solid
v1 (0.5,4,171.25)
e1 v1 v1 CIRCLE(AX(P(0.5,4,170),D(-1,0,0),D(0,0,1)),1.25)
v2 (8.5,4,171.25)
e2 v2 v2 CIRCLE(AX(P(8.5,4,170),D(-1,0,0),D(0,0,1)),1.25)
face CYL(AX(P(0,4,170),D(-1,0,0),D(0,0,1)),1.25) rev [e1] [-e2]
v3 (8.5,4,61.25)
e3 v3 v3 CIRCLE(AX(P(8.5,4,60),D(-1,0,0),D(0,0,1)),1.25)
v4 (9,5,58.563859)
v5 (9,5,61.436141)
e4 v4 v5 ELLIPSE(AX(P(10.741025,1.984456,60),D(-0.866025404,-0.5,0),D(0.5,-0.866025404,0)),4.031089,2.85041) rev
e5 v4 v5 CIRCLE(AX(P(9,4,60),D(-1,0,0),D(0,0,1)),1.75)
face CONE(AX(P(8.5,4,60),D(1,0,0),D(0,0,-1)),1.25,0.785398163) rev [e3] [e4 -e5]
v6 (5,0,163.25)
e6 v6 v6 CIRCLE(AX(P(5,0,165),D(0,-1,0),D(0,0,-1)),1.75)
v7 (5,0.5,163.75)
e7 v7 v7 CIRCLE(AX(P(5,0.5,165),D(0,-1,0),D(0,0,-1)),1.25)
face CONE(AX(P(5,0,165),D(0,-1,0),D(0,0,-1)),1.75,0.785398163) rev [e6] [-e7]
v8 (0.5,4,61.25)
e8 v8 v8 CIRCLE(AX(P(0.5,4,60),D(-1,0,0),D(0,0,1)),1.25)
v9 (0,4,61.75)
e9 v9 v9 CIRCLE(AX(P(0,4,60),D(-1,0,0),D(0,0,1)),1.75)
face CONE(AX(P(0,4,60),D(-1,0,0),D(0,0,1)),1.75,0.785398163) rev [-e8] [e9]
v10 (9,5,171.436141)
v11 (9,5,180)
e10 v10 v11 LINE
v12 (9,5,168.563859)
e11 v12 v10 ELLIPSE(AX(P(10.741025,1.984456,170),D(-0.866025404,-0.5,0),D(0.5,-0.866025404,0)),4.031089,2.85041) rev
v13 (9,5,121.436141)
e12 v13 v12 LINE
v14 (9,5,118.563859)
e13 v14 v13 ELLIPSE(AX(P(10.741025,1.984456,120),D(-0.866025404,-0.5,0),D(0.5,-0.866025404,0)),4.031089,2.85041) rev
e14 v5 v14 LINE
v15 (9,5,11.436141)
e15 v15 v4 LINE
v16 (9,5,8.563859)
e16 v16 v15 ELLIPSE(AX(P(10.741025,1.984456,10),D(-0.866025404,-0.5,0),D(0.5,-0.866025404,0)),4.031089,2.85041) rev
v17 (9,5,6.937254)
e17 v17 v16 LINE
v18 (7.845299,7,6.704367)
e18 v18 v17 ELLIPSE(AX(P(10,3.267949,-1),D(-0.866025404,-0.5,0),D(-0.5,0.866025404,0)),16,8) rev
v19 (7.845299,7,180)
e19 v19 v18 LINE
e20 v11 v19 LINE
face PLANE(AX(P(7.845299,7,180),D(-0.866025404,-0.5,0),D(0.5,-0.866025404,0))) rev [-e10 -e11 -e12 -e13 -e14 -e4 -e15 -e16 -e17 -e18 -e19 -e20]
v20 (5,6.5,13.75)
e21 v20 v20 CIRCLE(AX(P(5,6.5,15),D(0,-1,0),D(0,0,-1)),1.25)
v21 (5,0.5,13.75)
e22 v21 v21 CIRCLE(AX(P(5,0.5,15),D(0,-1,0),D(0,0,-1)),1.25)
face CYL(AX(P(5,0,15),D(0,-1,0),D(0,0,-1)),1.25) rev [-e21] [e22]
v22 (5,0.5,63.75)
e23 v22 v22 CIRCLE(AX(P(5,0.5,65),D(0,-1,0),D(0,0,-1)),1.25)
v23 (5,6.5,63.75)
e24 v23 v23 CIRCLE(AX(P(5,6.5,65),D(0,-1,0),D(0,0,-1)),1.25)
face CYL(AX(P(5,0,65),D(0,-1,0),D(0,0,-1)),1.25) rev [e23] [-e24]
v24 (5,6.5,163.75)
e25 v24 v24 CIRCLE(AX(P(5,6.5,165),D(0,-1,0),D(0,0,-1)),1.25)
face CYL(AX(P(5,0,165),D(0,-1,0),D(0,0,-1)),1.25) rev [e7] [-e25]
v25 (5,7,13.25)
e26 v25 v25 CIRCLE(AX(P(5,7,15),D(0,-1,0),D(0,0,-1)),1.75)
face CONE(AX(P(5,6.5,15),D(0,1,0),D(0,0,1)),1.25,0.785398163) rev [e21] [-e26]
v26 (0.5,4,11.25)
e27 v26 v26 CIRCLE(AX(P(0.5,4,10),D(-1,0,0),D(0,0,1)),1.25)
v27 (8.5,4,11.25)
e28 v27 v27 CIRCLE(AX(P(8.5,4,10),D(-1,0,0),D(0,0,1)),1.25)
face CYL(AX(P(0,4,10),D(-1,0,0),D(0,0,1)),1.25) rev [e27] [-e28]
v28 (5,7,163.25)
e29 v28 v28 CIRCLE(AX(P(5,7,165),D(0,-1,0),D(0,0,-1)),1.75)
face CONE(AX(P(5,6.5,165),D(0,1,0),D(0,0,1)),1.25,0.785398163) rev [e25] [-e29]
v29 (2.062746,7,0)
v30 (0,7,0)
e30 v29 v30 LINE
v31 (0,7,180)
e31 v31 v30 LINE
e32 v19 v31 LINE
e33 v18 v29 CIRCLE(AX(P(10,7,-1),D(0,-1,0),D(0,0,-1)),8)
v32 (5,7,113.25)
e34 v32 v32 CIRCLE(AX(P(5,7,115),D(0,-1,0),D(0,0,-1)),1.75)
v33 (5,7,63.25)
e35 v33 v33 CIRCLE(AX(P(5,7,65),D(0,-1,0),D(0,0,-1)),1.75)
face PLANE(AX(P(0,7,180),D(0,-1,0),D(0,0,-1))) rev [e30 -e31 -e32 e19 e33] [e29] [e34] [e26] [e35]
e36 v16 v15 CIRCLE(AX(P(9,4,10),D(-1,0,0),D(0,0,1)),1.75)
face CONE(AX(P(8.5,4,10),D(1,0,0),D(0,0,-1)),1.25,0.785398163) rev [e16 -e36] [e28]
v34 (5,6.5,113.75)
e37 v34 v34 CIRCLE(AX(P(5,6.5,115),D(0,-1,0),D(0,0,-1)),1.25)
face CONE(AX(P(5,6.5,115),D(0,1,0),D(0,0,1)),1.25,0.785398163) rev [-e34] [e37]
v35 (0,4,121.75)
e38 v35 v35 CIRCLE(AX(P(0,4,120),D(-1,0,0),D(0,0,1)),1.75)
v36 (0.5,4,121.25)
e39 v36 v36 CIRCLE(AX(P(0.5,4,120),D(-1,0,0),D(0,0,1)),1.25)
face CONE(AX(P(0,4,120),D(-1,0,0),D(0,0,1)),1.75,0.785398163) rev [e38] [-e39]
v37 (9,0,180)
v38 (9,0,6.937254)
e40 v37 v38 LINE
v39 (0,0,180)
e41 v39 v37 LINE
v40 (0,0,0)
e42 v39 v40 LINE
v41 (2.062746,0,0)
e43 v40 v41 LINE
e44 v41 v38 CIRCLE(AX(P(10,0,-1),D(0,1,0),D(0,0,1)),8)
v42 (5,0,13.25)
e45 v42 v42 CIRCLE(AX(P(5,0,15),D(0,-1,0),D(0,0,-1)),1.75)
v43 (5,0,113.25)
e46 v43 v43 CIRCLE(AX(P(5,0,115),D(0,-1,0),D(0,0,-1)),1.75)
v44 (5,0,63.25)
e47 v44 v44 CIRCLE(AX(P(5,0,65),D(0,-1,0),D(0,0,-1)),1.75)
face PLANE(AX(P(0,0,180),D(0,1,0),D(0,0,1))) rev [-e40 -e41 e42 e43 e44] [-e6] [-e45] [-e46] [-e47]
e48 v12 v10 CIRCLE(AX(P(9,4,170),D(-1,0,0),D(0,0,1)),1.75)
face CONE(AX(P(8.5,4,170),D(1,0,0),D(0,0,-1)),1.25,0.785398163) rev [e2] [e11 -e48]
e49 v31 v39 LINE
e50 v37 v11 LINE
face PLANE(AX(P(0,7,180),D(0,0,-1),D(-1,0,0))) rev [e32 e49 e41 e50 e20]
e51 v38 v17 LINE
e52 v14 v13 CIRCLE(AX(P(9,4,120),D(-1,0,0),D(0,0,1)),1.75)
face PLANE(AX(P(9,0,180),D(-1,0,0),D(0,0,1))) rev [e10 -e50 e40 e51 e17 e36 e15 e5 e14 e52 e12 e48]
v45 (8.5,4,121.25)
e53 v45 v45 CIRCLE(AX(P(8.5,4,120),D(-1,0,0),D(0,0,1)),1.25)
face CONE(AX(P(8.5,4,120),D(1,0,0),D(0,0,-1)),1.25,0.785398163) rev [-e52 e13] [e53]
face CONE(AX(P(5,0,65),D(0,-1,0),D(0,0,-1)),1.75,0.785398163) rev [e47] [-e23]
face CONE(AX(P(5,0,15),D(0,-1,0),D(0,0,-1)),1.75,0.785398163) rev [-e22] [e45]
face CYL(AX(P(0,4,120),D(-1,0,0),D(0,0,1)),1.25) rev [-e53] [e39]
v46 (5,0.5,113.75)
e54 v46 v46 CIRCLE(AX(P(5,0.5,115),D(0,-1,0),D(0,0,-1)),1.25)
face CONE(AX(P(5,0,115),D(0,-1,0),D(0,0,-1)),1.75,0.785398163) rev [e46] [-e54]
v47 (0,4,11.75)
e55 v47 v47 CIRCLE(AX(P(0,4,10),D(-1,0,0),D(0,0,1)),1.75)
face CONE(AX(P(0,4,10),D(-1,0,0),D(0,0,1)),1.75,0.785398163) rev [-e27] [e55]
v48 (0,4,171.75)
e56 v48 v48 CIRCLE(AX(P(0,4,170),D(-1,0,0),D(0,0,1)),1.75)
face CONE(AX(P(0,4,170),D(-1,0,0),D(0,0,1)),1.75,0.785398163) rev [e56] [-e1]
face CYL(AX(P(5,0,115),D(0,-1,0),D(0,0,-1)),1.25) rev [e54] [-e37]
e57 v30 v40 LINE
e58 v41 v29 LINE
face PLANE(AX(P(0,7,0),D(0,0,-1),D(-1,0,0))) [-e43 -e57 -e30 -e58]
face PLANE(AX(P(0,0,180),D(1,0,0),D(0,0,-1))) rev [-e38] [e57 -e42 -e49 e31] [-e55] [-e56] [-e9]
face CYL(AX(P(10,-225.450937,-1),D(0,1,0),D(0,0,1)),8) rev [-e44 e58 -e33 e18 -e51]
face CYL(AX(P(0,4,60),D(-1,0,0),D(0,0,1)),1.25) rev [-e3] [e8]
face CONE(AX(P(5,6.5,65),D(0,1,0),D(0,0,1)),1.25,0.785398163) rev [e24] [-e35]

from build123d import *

# Parameters (mm, degrees)
SKETCH_1_W                 = 9
SKETCH_1_H                 = 7
EXTRUDE_1_DEPTH            = 180
CUT_EXTRUDE_1_DEPTH        = 1
CUT_EXTRUDE_1_DEPTH_BACK   = 8
CHAMFER_1_SIZE             = 2
CHAMFER_1_SIZE2            = 1.154700538
HOLE_WIZARD_M31_AT_2_COUNT = 2
HOLE_WIZARD_M31_AT_2_PITCH = 50
HOLE_WIZARD_M31_AT_3_COUNT = 2
HOLE_WIZARD_M31_AT_3_PITCH = 100
HOLE_WIZARD_M31_AT_4_COUNT = 2
HOLE_WIZARD_M31_AT_4_PITCH = 150
HOLE_WIZARD_M32_AT_2_COUNT = 2
HOLE_WIZARD_M32_AT_2_PITCH = 50
HOLE_WIZARD_M32_AT_3_COUNT = 2
HOLE_WIZARD_M32_AT_3_PITCH = 110
HOLE_WIZARD_M32_AT_4_COUNT = 2
HOLE_WIZARD_M32_AT_4_PITCH = 160


with BuildPart() as part:
    # Эскиз1 → Бобышка-Вытянуть1 (new body)
    with BuildSketch(Plane.XY):
        with Locations((4.5, 3.5)):
            Rectangle(SKETCH_1_W, SKETCH_1_H)
    extrude(amount=EXTRUDE_1_DEPTH)

    # Эскиз6 → Вырез-Вытянуть1 (cut, two sides)
    with BuildSketch(Plane.XZ) as cut_extrude_1_sk:
        with BuildLine():
            Line((-44.220662013, -367.363162821), (2.062746067, 0))
            ThreePointArc((2.062746067, 0), (4.343145751, 4.656854249), (9, 6.937253933))
            Line((9, 6.937253933), (376.363162821, 53.220662013))
            Line((376.363162821, 53.220662013), (900.000150172, -470.416325339))
            Line((900.000150172, -470.416325339), (479.416325339, -891.000150172))
            Line((479.416325339, -891.000150172), (-44.220662013, -367.363162821))
        make_face()
    extrude(amount=CUT_EXTRUDE_1_DEPTH, mode=Mode.SUBTRACT)
    extrude(cut_extrude_1_sk.sketch, amount=-CUT_EXTRUDE_1_DEPTH_BACK, mode=Mode.SUBTRACT)

    # Фаска1
    chamfer_1_edges = [part.edges().sort_by_distance(p)[0] for p in [
        (9, 7, 93.468626967),
    ]]
    chamfer_1_side = [part.faces().sort_by_distance(p)[0] for p in [
        (9, 3.5, 93.468626967),
    ]]
    chamfer(chamfer_1_edges, length=CHAMFER_1_SIZE, length2=CHAMFER_1_SIZE2, reference=chamfer_1_side[0])

    # Эскиз2 → Отверстие обработанное метчиком M31 (revolve, cut)
    with BuildSketch(Plane(origin=(5, 0, 15), x_dir=(0, 0, -1), z_dir=(1, 0, 0))):
        Polygon((0, 0), (0, 7), (1.75, 7), (1.25, 6.5), (1.25, 0.5), (1.75, 0), align=None)
    hole_wizard_m31 = revolve(axis=Axis((5, -6.35, 15), (0, 1, 0)), mode=Mode.SUBTRACT)

    # Отверстие обработанное метчиком M31 at 2: Отверстие обработанное метчиком M31 ×2
    with Locations(*[(0, 0, i * HOLE_WIZARD_M31_AT_2_PITCH) for i in range(1, HOLE_WIZARD_M31_AT_2_COUNT)]):
        add(hole_wizard_m31, mode=Mode.SUBTRACT)

    # Отверстие обработанное метчиком M31 at 3: Отверстие обработанное метчиком M31 ×2
    with Locations(*[(0, 0, i * HOLE_WIZARD_M31_AT_3_PITCH) for i in range(1, HOLE_WIZARD_M31_AT_3_COUNT)]):
        add(hole_wizard_m31, mode=Mode.SUBTRACT)

    # Отверстие обработанное метчиком M31 at 4: Отверстие обработанное метчиком M31 ×2
    with Locations(*[(0, 0, i * HOLE_WIZARD_M31_AT_4_PITCH) for i in range(1, HOLE_WIZARD_M31_AT_4_COUNT)]):
        add(hole_wizard_m31, mode=Mode.SUBTRACT)

    # Эскиз4 → Отверстие обработанное метчиком M32 (revolve, cut)
    with BuildSketch(Plane(origin=(0, 4, 10), x_dir=(0, 0, 1), z_dir=(0, 1, 0))):
        Polygon((0, 0), (0, 9), (1.75, 9), (1.25, 8.5), (1.25, 0.5), (1.75, 0), align=None)
    hole_wizard_m32 = revolve(axis=Axis((-6.35, 4, 10), (1, 0, 0)), mode=Mode.SUBTRACT)

    # Отверстие обработанное метчиком M32 at 2: Отверстие обработанное метчиком M32 ×2
    with Locations(*[(0, 0, i * HOLE_WIZARD_M32_AT_2_PITCH) for i in range(1, HOLE_WIZARD_M32_AT_2_COUNT)]):
        add(hole_wizard_m32, mode=Mode.SUBTRACT)

    # Отверстие обработанное метчиком M32 at 3: Отверстие обработанное метчиком M32 ×2
    with Locations(*[(0, 0, i * HOLE_WIZARD_M32_AT_3_PITCH) for i in range(1, HOLE_WIZARD_M32_AT_3_COUNT)]):
        add(hole_wizard_m32, mode=Mode.SUBTRACT)

    # Отверстие обработанное метчиком M32 at 4: Отверстие обработанное метчиком M32 ×2
    with Locations(*[(0, 0, i * HOLE_WIZARD_M32_AT_4_PITCH) for i in range(1, HOLE_WIZARD_M32_AT_4_COUNT)]):
        add(hole_wizard_m32, mode=Mode.SUBTRACT)


solid = part.part
